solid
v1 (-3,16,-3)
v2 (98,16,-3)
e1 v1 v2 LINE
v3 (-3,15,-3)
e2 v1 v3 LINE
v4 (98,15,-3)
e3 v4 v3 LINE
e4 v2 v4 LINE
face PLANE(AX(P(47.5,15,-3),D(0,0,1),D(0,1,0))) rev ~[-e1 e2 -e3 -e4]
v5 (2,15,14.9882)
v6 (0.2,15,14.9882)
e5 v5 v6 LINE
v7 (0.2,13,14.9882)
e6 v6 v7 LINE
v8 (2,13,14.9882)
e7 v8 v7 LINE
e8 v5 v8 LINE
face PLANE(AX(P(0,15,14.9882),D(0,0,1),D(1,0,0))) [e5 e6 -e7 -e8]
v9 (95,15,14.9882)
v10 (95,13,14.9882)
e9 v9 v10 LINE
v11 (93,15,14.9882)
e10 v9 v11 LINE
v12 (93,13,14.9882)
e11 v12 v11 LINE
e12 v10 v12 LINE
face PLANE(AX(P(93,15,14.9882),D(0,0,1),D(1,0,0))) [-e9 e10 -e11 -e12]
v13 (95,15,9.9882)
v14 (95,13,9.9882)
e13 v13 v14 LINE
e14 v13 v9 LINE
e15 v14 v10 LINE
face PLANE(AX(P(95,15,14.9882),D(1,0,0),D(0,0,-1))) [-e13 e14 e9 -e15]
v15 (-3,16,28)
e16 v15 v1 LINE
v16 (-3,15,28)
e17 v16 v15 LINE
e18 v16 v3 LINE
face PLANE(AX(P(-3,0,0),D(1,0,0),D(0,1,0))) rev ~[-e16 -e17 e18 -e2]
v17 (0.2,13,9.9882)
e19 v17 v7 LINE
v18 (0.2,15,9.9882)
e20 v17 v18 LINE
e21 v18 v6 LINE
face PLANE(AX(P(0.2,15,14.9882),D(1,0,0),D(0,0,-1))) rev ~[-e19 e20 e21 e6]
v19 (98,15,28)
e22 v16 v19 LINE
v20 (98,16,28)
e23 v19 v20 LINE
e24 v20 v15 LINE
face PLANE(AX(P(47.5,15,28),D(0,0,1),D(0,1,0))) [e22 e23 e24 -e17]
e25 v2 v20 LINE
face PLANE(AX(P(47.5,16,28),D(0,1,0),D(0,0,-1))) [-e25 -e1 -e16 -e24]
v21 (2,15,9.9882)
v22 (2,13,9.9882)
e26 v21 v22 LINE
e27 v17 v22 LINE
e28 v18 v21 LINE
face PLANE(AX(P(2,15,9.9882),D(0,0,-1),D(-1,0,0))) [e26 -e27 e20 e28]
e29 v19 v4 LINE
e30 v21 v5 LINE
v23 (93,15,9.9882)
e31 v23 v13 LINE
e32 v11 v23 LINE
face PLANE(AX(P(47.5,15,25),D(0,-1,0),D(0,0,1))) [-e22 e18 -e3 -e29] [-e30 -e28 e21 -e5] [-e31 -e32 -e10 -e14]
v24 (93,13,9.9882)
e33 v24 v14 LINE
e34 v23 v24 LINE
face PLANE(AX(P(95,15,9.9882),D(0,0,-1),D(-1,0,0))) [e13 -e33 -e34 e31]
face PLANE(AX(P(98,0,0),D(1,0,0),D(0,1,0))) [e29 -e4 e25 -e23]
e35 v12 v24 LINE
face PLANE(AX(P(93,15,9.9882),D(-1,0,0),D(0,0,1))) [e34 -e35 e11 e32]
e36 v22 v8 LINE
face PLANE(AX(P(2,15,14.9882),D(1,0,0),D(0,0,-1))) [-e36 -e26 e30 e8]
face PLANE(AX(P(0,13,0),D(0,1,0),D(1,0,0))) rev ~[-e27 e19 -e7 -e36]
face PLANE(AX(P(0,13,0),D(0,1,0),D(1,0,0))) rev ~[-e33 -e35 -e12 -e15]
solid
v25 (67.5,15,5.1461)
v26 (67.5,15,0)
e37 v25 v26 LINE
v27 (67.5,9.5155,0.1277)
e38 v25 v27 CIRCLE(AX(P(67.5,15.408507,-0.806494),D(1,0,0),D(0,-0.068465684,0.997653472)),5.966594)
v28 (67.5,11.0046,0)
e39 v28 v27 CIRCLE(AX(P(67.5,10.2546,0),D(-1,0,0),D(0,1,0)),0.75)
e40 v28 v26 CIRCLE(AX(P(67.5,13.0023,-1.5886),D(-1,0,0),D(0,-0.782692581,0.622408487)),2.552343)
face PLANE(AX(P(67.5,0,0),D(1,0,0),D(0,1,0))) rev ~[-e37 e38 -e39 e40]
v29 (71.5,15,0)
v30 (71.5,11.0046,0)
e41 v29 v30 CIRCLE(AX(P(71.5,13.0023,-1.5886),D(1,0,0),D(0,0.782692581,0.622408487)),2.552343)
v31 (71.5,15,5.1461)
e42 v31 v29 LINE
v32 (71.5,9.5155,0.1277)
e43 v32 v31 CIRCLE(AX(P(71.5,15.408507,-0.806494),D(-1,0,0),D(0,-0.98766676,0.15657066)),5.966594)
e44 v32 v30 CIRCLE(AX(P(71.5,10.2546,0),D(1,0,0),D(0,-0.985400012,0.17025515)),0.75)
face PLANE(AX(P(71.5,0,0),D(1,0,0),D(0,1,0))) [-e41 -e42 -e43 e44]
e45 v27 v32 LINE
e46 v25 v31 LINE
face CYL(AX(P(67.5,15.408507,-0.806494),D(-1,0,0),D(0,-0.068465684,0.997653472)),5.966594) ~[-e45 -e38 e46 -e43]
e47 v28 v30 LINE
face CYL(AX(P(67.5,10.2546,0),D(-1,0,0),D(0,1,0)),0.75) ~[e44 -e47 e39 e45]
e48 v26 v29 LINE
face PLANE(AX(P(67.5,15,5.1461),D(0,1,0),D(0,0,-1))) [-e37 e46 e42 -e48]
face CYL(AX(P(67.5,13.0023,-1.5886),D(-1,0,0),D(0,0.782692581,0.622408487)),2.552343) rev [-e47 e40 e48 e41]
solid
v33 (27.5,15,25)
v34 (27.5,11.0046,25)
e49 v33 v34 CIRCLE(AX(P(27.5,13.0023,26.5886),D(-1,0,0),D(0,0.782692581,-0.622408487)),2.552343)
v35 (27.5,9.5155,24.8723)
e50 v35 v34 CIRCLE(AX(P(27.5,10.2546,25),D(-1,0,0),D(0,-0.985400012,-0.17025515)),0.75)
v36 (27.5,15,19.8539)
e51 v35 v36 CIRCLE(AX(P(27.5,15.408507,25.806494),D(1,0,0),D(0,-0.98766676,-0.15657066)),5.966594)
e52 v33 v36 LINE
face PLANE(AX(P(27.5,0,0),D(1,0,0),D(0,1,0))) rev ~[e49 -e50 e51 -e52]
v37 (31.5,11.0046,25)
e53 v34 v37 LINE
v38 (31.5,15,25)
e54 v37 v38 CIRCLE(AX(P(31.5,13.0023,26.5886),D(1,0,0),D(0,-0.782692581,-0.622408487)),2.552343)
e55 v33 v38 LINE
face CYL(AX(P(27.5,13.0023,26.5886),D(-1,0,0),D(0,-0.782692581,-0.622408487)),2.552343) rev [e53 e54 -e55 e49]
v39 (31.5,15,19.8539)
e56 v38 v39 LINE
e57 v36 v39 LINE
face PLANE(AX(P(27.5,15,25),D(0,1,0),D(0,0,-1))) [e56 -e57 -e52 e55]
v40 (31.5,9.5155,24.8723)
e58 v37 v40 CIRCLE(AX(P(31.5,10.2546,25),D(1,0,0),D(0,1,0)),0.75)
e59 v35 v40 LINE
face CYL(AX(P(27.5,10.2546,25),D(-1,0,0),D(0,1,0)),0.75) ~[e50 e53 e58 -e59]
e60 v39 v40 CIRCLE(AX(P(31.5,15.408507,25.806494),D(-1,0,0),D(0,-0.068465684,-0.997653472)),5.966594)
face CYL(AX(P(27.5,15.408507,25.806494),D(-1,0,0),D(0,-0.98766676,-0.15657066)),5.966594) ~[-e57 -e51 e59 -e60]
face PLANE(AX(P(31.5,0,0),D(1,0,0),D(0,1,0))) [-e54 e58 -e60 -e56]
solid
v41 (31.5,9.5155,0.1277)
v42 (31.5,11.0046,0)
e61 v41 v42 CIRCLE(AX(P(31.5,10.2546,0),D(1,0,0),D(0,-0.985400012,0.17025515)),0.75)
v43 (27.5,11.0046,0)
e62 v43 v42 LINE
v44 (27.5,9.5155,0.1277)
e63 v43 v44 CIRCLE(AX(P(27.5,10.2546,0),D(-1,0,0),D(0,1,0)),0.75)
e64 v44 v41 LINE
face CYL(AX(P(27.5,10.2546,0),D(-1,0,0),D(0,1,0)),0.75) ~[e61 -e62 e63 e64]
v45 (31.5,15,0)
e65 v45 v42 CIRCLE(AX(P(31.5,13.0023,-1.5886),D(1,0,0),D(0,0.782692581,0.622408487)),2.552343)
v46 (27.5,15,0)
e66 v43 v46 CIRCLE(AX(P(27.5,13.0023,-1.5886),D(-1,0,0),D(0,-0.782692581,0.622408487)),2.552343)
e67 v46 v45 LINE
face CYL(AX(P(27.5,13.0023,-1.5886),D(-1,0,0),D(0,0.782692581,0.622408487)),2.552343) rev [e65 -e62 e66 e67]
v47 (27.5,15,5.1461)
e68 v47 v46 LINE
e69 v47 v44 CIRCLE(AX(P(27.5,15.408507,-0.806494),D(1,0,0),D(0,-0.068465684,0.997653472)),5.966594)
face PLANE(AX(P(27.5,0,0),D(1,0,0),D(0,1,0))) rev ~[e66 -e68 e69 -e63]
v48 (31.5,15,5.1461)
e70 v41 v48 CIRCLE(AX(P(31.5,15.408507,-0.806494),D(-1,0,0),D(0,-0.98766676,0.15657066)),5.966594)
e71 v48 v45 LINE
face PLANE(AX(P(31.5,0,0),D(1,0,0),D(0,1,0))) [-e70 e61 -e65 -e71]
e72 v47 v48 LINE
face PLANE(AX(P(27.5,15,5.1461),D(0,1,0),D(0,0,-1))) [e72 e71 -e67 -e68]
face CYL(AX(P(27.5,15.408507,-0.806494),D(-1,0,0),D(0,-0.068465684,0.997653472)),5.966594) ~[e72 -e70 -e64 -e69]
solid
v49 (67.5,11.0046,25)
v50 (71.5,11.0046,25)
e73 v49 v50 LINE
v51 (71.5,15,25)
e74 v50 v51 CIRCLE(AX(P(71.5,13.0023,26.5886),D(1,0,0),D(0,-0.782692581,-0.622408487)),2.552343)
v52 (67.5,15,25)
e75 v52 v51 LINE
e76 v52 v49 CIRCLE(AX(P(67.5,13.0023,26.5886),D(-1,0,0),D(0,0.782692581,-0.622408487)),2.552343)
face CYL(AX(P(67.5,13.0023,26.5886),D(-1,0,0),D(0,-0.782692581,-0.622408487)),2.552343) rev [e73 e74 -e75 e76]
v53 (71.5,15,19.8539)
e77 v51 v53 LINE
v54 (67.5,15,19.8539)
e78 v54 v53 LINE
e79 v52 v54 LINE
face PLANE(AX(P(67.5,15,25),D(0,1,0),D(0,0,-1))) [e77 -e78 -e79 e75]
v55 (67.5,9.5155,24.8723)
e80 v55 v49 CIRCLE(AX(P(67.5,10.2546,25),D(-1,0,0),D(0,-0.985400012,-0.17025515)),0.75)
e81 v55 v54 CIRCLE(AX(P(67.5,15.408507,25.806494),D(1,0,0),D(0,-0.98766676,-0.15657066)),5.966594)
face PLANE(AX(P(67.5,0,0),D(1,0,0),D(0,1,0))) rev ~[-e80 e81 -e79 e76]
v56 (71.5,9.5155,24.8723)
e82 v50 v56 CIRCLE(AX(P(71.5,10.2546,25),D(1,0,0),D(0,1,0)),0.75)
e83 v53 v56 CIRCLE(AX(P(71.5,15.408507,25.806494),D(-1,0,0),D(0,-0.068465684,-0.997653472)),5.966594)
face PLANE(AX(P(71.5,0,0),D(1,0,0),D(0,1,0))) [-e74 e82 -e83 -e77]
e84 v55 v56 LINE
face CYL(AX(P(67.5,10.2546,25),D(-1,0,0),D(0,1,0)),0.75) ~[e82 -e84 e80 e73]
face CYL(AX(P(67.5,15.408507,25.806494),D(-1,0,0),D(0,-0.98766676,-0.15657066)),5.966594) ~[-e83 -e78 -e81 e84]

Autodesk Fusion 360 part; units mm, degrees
sketch "Sketch1" plane through (0, 0, 0) normal (0, 1, 0) x (1, 0, 0)
  line L0 (0, 0) -> (95, 0)
  line L1 (95, 0) -> (95, -25)
  line L2 (95, -25) -> (0, -25)
  line L3 (0, -25) -> (0, 0)
  line L4 (98, 3) -> (98, -28)
  line L5 (98, -28) -> (-3, -28)
  line L6 (-3, -28) -> (-3, 3)
  line L7 (-3, 3) -> (98, 3)
  dimension "d1" = 95
  dimension "d2" = 25
  dimension "d3" = -3
extrude "Extrude1" add sketch "Sketch1" along normal blind 15 makes body 1
extrude "Extrude2" add sketch "Sketch1" along normal blind 3 contours L0 L1 L2 L3 bodies 1
ref_plane "WorkPlane1" through (47.5, 7.5, 12.5) normal (0, 0, 1) x (1, 0, 0)
ref_plane "WorkPlane2" through (47.5, 7.5, 12.5) normal (1, 0, 0) x (0, 0, -1)
sketch "Sketch3" plane through (47.5, 0, 0) normal (1, 0, 0) x (0, 1, 0)
  line L0 (15, 28) -> (0, 28)
  line L1 (0, 28) -> (0, -3)
  line L2 (0, -3) -> (15, -3)
  line L3 (15, -3) -> (15, 0)
  line L4 (15, 0) -> (3, 0)
  line L5 (3, 0) -> (3, 25)
  line L6 (3, 25) -> (15, 25)
  line L7 (15, 25) -> (15, 28)
  circle A0 centre (10.2546, 25) radius 0.75
  circle A1 centre (10.2546, 25) radius 0.85
  arc A2 (9.5155, 24.8723) -> (15, 19.8539) centre (15.4085, 25.8065) ccw
  arc A3 (11.0046, 25) -> (15, 25) centre (13.0023, 26.5886) ccw
  line L8 (20.7, 12.5) -> (-5.7, 12.5)
  line L9 (15, 28) -> (15, -3)
  line L10 (15, 28) -> (16, 28)
  line L11 (16, 28) -> (16, -3)
  line L12 (15, -3) -> (16, -3)
  arc A4 (15, 0) -> (11.0046, 0) centre (13.0023, -1.5886) ccw
  arc A5 (15, 5.1461) -> (9.5155, 0.1277) centre (15.4085, -0.8065) ccw
  circle A6 centre (10.2546, 0) radius 0.75
  circle A7 centre (10.2546, 0) radius 0.85
  dimension "d8" = 1.5
extrude "Extrude9" cut sketch "Sketch3" along normal mid plane 95 contours L6 A1 A3 | L6 A0 A1 | A0 A1 A2 A3 | L6 A0 | L6 A0 | L6 A0 A1 A2 | L4 A5 A6 A7 | L4 A6 A7 | A4 A5 A6 A7 | L4 A4 A7 | L4 A6 | L4 A6 picked at (11.048, 24.9876) picked at (11.048, 0.0124) bodies 1
extrude "Extrude10" add sketch "Sketch3" along normal blind 4 from surface at 20 separate body contours A1 A2 A3 L9 | A0 A1 A2 A3 | L6 A0 | L6 A0 | L9 A4 A5 A7 | A4 A5 A6 A7 | L4 A6 | L4 A6 makes body 2 at (68.8333, 9.9277, 23.4484) makes body 3 at (68.8333, 11.2723, 3.4937)
extrude "Extrude11" add sketch "Sketch3" along normal blind 4 from surface at -20 separate body contours A1 A2 A3 L9 | A0 A1 A2 A3 | L6 A0 | L6 A0 | L9 A4 A5 A7 | A4 A5 A6 A7 | L4 A6 | L4 A6 makes body 4 at (28.8333, 11.2723, 3.4937) makes body 5 at (28.8333, 9.9277, 23.4484)
extrude "Extrude12" add sketch "Sketch3" along normal mid plane 101 separate body contours L7 L8 L9 L10 L11 | L3 L8 L9 L11 L12 makes body 6
sketch "Sketch6" plane through (0, 15, 0) normal (0, 1, 0) x (1, 0, 0)
  line L0 (-3, -25) -> (-3, -28)
  line L1 (98, -28) -> (98, -25)
  line L2 (95, -25) -> (0, -25)
  line L3 (0, -25) -> (0, 0)
  line L4 (0, 0) -> (95, 0)
  line L5 (95, -25) -> (95, 0)
  line L6 (0, -14.9882) -> (2, -14.9882)
  line L7 (2, -14.9882) -> (2, -9.9882)
  line L8 (2, -9.9882) -> (0, -9.9882)
  line L9 (0, -14.9882) -> (0, -9.9882)
  line L10 (0, -14.9882) -> (0, -9.9882)
  line L11 (95, -9.9882) -> (93, -9.9882)
  line L12 (93, -9.9882) -> (93, -14.9882)
  line L13 (93, -14.9882) -> (95, -14.9882)
  line L14 (95, -9.9882) -> (95, -14.9882)
  line L15 (98, -25) -> (71.5, -25)
  line L16 (-3, -28) -> (98, -28)
  line L17 (71.5, -25) -> (67.5, -25)
  line L18 (67.5, -25) -> (31.5, -25)
  line L19 (31.5, -25) -> (27.5, -25)
  line L20 (27.5, -25) -> (-3, -25)
extrude "Extrude8" add sketch "Sketch6" against normal blind 2 contours L3 L6 L7 L8 L9 L10 | L5 L11 L12 L13 L14 bodies 6
sketch "Sketch7" plane through (0, 0, 0) normal (-1, 0, 0) x (0, -1, 0)
  line L0 (-13, 14.9882) -> (-15, 14.9882)
  line L1 (-13, 9.9882) -> (-13, 14.9882)
  line L2 (-15, 9.9882) -> (-13, 9.9882)
  line L3 (-15, 14.9882) -> (-15, 9.9882)
move_face "OffsetFaces1" offset -0.2 1 faces at (0, 14.3333, 13.3216) on bodies 6
hidden bodies 1
